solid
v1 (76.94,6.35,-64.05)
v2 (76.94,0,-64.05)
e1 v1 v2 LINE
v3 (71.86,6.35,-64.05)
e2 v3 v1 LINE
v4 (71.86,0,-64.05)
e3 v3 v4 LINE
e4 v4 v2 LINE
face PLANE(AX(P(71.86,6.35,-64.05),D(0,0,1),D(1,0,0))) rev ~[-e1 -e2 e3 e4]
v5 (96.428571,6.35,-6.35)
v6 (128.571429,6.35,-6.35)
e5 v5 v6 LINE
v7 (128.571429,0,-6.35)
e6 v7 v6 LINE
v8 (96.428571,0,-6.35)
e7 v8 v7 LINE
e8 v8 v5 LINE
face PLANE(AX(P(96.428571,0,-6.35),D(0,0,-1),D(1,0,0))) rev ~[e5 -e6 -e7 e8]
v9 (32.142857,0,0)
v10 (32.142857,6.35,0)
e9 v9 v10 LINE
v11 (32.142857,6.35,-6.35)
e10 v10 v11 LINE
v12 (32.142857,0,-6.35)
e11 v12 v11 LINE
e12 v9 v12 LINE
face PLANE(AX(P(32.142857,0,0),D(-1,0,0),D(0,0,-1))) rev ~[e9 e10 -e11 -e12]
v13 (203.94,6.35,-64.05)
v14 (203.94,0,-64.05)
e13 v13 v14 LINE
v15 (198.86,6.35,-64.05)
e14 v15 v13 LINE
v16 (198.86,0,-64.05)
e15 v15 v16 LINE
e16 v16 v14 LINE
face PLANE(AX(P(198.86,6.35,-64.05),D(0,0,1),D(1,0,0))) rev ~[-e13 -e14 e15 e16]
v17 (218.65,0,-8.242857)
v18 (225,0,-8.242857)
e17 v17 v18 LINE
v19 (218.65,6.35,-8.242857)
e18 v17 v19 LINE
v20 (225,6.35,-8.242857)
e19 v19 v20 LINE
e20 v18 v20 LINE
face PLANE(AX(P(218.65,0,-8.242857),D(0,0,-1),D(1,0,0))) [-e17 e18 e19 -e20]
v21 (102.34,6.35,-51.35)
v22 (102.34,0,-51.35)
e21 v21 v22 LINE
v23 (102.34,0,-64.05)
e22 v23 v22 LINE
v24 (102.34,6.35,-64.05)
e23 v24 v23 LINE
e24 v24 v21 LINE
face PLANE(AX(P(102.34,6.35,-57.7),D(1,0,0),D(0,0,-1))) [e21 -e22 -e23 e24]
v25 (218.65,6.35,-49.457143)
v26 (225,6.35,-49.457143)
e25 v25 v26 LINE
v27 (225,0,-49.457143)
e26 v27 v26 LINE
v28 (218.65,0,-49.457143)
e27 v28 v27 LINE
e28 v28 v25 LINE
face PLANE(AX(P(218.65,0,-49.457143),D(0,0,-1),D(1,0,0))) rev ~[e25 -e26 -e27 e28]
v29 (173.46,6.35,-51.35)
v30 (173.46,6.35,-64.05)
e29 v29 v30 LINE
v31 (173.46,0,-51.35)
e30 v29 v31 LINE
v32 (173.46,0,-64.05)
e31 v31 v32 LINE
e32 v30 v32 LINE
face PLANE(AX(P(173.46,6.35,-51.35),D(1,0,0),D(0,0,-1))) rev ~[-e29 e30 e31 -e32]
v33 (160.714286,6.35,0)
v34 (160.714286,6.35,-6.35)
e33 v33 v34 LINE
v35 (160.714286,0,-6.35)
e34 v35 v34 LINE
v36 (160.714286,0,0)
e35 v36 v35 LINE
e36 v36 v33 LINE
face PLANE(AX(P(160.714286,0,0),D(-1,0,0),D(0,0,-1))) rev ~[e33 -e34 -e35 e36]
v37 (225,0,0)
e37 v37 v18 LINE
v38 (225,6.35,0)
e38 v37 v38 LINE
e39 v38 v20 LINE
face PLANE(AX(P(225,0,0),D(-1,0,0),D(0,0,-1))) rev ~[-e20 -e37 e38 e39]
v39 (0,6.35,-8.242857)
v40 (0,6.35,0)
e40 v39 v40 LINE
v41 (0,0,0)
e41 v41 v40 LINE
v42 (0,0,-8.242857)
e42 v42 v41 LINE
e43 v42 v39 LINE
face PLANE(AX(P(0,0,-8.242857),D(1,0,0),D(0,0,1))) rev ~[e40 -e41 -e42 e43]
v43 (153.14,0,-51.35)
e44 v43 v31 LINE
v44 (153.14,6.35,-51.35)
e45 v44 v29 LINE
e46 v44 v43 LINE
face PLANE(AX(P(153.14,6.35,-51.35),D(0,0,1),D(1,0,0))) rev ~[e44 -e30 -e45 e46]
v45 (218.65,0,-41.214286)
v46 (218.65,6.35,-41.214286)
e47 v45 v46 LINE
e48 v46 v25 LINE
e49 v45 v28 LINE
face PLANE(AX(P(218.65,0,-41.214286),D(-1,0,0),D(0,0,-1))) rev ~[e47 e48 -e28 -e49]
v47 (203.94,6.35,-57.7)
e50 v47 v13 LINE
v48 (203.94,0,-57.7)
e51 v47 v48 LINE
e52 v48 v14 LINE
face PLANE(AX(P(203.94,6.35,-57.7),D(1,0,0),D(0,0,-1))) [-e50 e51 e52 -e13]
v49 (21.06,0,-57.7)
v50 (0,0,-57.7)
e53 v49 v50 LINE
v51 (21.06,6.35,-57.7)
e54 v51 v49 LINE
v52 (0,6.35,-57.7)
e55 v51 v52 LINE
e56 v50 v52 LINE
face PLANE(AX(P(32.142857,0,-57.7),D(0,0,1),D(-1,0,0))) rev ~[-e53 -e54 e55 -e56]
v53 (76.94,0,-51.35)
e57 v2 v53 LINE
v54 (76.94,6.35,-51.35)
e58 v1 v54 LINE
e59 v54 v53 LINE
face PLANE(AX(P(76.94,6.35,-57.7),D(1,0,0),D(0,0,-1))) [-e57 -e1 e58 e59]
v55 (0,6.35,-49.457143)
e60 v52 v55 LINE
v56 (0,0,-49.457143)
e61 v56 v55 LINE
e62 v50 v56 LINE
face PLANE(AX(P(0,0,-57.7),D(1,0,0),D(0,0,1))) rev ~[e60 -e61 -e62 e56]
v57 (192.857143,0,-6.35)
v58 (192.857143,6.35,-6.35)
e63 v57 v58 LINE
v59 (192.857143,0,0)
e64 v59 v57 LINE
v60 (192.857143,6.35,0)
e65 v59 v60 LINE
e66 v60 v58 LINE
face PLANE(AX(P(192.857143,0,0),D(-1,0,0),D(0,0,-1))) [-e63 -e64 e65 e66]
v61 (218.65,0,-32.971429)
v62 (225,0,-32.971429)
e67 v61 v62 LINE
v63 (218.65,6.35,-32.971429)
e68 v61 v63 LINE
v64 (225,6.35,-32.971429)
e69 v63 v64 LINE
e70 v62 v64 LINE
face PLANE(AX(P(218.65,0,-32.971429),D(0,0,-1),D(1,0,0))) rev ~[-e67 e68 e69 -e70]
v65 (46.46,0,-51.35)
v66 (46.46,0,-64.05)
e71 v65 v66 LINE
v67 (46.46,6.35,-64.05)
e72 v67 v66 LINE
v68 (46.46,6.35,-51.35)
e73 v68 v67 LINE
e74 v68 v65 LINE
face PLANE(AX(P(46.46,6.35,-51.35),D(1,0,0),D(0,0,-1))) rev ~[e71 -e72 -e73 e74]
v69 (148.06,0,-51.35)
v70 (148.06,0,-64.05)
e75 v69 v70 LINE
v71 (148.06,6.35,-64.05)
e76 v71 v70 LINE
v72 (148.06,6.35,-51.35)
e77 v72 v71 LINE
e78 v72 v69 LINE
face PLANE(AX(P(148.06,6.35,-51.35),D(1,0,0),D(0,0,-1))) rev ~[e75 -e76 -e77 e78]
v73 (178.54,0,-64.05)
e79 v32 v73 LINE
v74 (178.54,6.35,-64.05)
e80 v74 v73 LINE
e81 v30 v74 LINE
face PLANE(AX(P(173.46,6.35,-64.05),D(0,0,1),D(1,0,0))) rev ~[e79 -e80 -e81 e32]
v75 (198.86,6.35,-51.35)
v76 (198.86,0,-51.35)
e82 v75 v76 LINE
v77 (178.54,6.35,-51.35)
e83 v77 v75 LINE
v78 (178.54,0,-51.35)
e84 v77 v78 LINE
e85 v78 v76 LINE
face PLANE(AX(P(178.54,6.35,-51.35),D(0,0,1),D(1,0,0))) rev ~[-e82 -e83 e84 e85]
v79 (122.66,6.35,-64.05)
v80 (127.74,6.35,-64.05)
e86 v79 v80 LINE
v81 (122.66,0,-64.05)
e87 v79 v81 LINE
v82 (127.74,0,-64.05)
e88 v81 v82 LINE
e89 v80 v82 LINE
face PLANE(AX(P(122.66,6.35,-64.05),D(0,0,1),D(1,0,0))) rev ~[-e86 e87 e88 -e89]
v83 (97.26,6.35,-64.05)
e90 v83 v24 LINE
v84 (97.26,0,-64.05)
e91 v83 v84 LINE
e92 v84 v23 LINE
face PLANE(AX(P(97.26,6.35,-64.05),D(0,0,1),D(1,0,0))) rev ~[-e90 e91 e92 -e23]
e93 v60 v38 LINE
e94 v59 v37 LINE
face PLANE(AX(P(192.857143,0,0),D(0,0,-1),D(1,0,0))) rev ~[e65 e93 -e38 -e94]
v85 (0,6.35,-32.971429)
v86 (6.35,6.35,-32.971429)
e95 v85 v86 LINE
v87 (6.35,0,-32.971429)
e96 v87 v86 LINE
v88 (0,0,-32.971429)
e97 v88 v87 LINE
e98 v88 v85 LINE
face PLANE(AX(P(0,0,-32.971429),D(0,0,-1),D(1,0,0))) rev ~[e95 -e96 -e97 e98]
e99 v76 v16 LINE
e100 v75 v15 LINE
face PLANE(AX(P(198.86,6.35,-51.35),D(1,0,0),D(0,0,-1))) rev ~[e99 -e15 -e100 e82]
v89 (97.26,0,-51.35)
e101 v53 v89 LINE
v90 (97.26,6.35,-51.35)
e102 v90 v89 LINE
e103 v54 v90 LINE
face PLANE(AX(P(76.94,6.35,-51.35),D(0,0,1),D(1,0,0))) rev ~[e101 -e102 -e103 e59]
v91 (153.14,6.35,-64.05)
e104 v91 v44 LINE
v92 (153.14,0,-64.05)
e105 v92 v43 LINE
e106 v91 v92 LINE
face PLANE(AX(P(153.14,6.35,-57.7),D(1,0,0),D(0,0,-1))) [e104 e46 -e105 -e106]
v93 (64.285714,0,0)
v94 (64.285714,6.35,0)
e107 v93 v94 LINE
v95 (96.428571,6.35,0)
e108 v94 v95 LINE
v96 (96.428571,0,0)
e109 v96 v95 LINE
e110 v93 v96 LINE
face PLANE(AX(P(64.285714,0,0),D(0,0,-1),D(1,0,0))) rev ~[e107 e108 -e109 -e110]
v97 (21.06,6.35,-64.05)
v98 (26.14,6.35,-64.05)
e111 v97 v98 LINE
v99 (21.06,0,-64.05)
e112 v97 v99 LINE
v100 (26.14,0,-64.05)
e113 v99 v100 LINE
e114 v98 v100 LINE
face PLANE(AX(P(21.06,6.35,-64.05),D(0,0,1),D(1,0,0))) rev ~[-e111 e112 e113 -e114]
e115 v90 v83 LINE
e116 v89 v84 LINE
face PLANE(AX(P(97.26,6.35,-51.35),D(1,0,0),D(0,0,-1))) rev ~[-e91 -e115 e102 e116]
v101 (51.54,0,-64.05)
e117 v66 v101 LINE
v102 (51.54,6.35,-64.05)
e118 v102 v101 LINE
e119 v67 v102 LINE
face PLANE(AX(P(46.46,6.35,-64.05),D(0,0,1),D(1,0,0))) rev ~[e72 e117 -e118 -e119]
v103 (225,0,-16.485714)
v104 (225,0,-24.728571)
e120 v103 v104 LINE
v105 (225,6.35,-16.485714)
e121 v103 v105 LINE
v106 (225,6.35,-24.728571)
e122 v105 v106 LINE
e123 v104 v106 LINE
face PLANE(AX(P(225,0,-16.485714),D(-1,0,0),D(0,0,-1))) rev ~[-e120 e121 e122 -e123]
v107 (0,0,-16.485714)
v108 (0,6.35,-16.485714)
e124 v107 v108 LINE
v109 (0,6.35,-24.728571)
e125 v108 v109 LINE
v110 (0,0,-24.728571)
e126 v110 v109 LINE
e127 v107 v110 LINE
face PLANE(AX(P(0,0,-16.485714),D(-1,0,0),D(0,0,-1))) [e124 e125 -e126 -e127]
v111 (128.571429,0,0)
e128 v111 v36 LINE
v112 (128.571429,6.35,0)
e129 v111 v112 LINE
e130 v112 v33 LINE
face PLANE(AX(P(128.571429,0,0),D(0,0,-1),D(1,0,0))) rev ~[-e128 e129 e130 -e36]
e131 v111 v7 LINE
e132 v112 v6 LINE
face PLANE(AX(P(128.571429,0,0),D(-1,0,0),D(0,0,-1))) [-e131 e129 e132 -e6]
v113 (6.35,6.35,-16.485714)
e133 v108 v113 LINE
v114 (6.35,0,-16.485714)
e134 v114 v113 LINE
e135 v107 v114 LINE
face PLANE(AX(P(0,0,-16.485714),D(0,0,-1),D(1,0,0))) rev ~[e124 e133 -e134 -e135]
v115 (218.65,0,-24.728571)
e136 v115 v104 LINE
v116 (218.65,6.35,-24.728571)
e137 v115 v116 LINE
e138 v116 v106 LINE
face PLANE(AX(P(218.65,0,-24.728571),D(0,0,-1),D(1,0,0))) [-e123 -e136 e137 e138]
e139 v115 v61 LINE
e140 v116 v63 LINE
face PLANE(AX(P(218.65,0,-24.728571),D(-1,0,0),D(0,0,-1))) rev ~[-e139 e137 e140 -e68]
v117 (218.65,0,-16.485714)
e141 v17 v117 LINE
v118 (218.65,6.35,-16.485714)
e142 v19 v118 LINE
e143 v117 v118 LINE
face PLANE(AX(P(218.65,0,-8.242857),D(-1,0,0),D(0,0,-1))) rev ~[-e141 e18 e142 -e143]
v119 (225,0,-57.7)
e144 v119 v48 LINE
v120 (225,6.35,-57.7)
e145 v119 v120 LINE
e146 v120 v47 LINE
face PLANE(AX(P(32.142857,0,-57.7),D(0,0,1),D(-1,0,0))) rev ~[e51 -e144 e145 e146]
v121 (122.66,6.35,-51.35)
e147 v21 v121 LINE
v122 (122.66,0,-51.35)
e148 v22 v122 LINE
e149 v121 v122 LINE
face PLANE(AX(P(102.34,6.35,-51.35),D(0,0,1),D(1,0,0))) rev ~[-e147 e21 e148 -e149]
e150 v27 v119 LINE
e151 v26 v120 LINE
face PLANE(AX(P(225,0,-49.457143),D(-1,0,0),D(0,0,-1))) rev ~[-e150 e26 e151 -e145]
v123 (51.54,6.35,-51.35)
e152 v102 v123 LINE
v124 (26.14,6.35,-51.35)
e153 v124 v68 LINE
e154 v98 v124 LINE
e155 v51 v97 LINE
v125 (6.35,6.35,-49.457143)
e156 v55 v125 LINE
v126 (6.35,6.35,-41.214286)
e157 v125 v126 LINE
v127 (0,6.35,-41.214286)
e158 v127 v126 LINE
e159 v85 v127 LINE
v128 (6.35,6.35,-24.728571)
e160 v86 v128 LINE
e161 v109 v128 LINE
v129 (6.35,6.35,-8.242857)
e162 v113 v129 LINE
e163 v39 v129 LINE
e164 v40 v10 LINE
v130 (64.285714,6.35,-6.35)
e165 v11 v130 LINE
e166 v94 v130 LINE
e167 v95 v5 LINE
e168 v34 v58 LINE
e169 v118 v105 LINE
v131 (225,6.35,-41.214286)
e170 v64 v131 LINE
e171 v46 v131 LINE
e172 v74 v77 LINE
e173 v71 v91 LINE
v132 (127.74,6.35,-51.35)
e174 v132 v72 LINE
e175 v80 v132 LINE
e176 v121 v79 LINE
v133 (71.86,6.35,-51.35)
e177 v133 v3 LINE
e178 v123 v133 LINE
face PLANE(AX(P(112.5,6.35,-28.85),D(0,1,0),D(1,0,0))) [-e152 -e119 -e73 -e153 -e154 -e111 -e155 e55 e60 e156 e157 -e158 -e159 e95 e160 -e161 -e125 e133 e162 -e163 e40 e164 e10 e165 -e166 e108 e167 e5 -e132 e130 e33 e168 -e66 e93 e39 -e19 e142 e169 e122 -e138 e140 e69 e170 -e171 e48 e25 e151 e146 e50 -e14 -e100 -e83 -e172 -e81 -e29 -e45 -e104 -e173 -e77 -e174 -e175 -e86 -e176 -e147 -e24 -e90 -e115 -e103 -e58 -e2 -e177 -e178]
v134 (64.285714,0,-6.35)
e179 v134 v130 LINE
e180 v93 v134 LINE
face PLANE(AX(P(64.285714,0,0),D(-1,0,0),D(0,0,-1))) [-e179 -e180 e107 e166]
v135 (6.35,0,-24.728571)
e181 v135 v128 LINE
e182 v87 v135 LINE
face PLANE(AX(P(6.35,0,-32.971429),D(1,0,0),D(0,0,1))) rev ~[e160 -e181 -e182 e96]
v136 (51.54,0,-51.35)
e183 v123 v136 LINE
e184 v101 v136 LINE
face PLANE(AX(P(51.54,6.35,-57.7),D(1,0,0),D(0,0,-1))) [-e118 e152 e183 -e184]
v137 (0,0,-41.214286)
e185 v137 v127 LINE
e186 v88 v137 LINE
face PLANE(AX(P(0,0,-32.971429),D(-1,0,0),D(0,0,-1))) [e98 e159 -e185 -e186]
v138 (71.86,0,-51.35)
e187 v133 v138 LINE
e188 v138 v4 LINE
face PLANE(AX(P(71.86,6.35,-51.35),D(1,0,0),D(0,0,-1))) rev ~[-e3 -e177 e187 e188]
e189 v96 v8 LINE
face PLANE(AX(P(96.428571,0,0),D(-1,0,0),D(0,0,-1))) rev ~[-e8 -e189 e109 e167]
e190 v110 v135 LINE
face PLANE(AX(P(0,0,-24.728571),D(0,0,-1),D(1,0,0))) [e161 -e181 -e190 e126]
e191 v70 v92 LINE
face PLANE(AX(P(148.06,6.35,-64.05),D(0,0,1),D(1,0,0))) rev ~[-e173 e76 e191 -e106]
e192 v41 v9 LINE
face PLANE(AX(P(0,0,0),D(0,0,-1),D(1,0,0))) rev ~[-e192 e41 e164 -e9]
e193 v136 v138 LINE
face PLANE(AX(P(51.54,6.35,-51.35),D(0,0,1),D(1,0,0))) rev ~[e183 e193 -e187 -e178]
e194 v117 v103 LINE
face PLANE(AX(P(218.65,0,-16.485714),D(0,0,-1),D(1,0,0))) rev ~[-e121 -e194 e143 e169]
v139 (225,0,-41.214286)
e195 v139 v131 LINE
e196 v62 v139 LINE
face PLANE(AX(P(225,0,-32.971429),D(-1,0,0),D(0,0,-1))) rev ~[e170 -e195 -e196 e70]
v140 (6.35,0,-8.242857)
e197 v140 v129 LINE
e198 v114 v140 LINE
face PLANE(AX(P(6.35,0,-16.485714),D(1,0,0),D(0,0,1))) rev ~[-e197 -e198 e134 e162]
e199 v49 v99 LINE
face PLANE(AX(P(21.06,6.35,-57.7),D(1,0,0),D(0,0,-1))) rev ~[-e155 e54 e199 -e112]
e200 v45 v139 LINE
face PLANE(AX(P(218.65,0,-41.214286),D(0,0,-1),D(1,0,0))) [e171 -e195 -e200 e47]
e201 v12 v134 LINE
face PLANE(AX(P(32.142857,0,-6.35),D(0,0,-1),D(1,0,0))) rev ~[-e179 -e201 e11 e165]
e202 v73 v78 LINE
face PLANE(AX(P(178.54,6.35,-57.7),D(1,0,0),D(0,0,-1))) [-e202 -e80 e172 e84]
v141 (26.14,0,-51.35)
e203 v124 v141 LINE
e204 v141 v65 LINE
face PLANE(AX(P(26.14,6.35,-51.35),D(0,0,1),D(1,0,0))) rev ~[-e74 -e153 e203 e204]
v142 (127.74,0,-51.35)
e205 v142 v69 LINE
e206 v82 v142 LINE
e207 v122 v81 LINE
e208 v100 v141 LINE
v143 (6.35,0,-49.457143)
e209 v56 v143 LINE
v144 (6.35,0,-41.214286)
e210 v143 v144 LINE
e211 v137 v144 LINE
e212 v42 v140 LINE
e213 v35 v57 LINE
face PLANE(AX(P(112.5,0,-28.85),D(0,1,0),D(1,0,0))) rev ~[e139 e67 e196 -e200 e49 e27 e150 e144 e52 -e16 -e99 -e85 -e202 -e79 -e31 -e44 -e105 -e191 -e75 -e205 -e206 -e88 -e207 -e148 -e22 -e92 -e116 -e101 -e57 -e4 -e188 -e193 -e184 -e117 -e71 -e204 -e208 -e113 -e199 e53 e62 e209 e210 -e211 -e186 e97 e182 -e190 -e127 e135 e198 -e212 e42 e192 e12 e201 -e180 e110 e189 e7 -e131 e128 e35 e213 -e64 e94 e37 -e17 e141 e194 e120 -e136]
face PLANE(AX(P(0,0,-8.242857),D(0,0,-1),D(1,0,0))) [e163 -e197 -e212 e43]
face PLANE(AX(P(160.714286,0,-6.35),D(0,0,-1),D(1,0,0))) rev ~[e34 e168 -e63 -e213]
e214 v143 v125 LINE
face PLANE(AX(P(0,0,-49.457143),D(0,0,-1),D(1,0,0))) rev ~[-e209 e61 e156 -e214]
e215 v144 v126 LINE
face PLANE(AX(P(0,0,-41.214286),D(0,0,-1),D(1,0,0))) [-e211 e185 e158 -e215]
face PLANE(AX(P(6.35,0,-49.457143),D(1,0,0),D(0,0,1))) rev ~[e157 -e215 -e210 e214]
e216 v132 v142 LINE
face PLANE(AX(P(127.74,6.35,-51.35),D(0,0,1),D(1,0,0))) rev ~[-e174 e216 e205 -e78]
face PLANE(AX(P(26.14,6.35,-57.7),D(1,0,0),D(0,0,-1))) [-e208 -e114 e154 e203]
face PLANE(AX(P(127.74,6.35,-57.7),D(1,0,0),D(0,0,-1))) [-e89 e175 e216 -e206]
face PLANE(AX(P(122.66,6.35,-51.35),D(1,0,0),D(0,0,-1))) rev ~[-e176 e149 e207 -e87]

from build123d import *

# Parameters (mm, degrees)
SKETCH1_W           = 25.792857143
SKETCH1_H           = 6.35
SKETCH1_W_2         = 32.142857143
SKETCH1_W_3         = 6.35
SKETCH1_H_2         = 1.892857143
SKETCH1_H_3         = 8.242857143
BOSS_EXTRUDE1_DEPTH = 6.35
SKETCH2_W           = 225
SKETCH2_H           = 8.242857143
BOSS_EXTRUDE2_DEPTH = 6.35
SKETCH3_W           = 5.08
SKETCH3_H           = 6.35
BOSS_EXTRUDE3_DEPTH = 6.35
SKETCH4_W           = 20.32
SKETCH4_H           = 6.35
CUT_EXTRUDE1_DEPTH  = 6.35


with BuildPart() as part:
    # Sketch1 → Boss-Extrude1 (new body)
    with BuildSketch(Plane(origin=(0, 0, 0), x_dir=(1, 0, 0), z_dir=(0, 1, 0))):
        Polygon((6.35, 6.35), (32.142857143, 6.35), (64.285714286, 6.35), (96.428571429, 6.35), (128.571428571, 6.35), (160.714285714, 6.35), (192.857142857, 6.35), (218.65, 6.35), (218.65, 8.242857143), (218.65, 16.485714286), (218.65, 24.728571429), (218.65, 32.971428571), (218.65, 41.214285714), (218.65, 49.457142857), (218.65, 51.35), (192.857142857, 51.35), (160.714285714, 51.35), (128.571428571, 51.35), (96.428571429, 51.35), (64.285714286, 51.35), (32.142857143, 51.35), (6.35, 51.35), (6.35, 49.457142857), (6.35, 41.214285714), (6.35, 32.971428571), (6.35, 24.728571429), (6.35, 16.485714286), (6.35, 8.242857143), align=None)
        with Locations((19.246428572, 54.525)):
            Rectangle(SKETCH1_W, SKETCH1_H)
        with Locations((80.357142858, 54.525)):
            Rectangle(SKETCH1_W_2, SKETCH1_H)
        with Locations((144.642857143, 54.525)):
            Rectangle(SKETCH1_W_2, SKETCH1_H)
        with Locations((205.753571429, 54.525)):
            Rectangle(SKETCH1_W, SKETCH1_H)
        with Locations((221.825, 54.525)):
            Rectangle(SKETCH1_W_3, SKETCH1_H)
        with Locations((3.175, 54.525)):
            Rectangle(SKETCH1_W_3, SKETCH1_H)
        with Locations((3.175, 50.403571429)):
            Rectangle(SKETCH1_W_3, SKETCH1_H_2)
        with Locations((3.175, 7.296428571)):
            Rectangle(SKETCH1_W_3, SKETCH1_H_2)
        with Locations((3.175, 3.175)):
            Rectangle(SKETCH1_W_3, SKETCH1_H)
        with Locations((19.246428572, 3.175)):
            Rectangle(SKETCH1_W, SKETCH1_H)
        with Locations((80.357142858, 3.175)):
            Rectangle(SKETCH1_W_2, SKETCH1_H)
        with Locations((144.642857143, 3.175)):
            Rectangle(SKETCH1_W_2, SKETCH1_H)
        with Locations((205.753571429, 3.175)):
            Rectangle(SKETCH1_W, SKETCH1_H)
        with Locations((221.825, 3.175)):
            Rectangle(SKETCH1_W_3, SKETCH1_H)
        with Locations((221.825, 7.296428571)):
            Rectangle(SKETCH1_W_3, SKETCH1_H_2)
        with Locations((221.825, 50.403571429)):
            Rectangle(SKETCH1_W_3, SKETCH1_H_2)
        with Locations((221.825, 37.092857143)):
            Rectangle(SKETCH1_W_3, SKETCH1_H_3)
        with Locations((221.825, 20.607142858)):
            Rectangle(SKETCH1_W_3, SKETCH1_H_3)
        with Locations((3.175, 20.607142858)):
            Rectangle(SKETCH1_W_3, SKETCH1_H_3)
        with Locations((3.175, 37.092857143)):
            Rectangle(SKETCH1_W_3, SKETCH1_H_3)
    extrude(amount=BOSS_EXTRUDE1_DEPTH)

    # Sketch2 → Boss-Extrude2 (add)
    with BuildSketch(Plane(origin=(0, 6.35, 0), x_dir=(1, 0, 0), z_dir=(0, 1, 0))):
        with Locations((112.5, 53.578571428)):
            Rectangle(SKETCH2_W, SKETCH2_H)
    extrude(amount=-BOSS_EXTRUDE2_DEPTH)

    # Sketch3 → Boss-Extrude3 (add)
    with BuildSketch(Plane(origin=(0, 6.35, 0), x_dir=(1, 0, 0), z_dir=(0, 1, 0))):
        with Locations((23.6, 60.875)):
            Rectangle(SKETCH3_W, SKETCH3_H)
        with Locations((49, 60.875)):
            Rectangle(SKETCH3_W, SKETCH3_H)
        with Locations((74.4, 60.875)):
            Rectangle(SKETCH3_W, SKETCH3_H)
        with Locations((99.8, 60.875)):
            Rectangle(SKETCH3_W, SKETCH3_H)
        with Locations((125.2, 60.875)):
            Rectangle(SKETCH3_W, SKETCH3_H)
        with Locations((150.6, 60.875)):
            Rectangle(SKETCH3_W, SKETCH3_H)
        with Locations((176, 60.875)):
            Rectangle(SKETCH3_W, SKETCH3_H)
        with Locations((201.4, 60.875)):
            Rectangle(SKETCH3_W, SKETCH3_H)
    extrude(amount=-BOSS_EXTRUDE3_DEPTH)

    # Sketch4 → Cut-Extrude1 (cut)
    with BuildSketch(Plane(origin=(0, 6.35, 0), x_dir=(1, 0, 0), z_dir=(0, 1, 0))):
        with Locations((61.7, 54.525)):
            Rectangle(SKETCH4_W, SKETCH4_H)
        with Locations((36.3, 54.525)):
            Rectangle(SKETCH4_W, SKETCH4_H)
        with Locations((87.1, 54.525)):
            Rectangle(SKETCH4_W, SKETCH4_H)
        with Locations((112.5, 54.525)):
            Rectangle(SKETCH4_W, SKETCH4_H)
        with Locations((137.9, 54.525)):
            Rectangle(SKETCH4_W, SKETCH4_H)
        with Locations((163.3, 54.525)):
            Rectangle(SKETCH4_W, SKETCH4_H)
        with Locations((188.7, 54.525)):
            Rectangle(SKETCH4_W, SKETCH4_H)
    extrude(amount=-CUT_EXTRUDE1_DEPTH, mode=Mode.SUBTRACT)


solid = part.part
